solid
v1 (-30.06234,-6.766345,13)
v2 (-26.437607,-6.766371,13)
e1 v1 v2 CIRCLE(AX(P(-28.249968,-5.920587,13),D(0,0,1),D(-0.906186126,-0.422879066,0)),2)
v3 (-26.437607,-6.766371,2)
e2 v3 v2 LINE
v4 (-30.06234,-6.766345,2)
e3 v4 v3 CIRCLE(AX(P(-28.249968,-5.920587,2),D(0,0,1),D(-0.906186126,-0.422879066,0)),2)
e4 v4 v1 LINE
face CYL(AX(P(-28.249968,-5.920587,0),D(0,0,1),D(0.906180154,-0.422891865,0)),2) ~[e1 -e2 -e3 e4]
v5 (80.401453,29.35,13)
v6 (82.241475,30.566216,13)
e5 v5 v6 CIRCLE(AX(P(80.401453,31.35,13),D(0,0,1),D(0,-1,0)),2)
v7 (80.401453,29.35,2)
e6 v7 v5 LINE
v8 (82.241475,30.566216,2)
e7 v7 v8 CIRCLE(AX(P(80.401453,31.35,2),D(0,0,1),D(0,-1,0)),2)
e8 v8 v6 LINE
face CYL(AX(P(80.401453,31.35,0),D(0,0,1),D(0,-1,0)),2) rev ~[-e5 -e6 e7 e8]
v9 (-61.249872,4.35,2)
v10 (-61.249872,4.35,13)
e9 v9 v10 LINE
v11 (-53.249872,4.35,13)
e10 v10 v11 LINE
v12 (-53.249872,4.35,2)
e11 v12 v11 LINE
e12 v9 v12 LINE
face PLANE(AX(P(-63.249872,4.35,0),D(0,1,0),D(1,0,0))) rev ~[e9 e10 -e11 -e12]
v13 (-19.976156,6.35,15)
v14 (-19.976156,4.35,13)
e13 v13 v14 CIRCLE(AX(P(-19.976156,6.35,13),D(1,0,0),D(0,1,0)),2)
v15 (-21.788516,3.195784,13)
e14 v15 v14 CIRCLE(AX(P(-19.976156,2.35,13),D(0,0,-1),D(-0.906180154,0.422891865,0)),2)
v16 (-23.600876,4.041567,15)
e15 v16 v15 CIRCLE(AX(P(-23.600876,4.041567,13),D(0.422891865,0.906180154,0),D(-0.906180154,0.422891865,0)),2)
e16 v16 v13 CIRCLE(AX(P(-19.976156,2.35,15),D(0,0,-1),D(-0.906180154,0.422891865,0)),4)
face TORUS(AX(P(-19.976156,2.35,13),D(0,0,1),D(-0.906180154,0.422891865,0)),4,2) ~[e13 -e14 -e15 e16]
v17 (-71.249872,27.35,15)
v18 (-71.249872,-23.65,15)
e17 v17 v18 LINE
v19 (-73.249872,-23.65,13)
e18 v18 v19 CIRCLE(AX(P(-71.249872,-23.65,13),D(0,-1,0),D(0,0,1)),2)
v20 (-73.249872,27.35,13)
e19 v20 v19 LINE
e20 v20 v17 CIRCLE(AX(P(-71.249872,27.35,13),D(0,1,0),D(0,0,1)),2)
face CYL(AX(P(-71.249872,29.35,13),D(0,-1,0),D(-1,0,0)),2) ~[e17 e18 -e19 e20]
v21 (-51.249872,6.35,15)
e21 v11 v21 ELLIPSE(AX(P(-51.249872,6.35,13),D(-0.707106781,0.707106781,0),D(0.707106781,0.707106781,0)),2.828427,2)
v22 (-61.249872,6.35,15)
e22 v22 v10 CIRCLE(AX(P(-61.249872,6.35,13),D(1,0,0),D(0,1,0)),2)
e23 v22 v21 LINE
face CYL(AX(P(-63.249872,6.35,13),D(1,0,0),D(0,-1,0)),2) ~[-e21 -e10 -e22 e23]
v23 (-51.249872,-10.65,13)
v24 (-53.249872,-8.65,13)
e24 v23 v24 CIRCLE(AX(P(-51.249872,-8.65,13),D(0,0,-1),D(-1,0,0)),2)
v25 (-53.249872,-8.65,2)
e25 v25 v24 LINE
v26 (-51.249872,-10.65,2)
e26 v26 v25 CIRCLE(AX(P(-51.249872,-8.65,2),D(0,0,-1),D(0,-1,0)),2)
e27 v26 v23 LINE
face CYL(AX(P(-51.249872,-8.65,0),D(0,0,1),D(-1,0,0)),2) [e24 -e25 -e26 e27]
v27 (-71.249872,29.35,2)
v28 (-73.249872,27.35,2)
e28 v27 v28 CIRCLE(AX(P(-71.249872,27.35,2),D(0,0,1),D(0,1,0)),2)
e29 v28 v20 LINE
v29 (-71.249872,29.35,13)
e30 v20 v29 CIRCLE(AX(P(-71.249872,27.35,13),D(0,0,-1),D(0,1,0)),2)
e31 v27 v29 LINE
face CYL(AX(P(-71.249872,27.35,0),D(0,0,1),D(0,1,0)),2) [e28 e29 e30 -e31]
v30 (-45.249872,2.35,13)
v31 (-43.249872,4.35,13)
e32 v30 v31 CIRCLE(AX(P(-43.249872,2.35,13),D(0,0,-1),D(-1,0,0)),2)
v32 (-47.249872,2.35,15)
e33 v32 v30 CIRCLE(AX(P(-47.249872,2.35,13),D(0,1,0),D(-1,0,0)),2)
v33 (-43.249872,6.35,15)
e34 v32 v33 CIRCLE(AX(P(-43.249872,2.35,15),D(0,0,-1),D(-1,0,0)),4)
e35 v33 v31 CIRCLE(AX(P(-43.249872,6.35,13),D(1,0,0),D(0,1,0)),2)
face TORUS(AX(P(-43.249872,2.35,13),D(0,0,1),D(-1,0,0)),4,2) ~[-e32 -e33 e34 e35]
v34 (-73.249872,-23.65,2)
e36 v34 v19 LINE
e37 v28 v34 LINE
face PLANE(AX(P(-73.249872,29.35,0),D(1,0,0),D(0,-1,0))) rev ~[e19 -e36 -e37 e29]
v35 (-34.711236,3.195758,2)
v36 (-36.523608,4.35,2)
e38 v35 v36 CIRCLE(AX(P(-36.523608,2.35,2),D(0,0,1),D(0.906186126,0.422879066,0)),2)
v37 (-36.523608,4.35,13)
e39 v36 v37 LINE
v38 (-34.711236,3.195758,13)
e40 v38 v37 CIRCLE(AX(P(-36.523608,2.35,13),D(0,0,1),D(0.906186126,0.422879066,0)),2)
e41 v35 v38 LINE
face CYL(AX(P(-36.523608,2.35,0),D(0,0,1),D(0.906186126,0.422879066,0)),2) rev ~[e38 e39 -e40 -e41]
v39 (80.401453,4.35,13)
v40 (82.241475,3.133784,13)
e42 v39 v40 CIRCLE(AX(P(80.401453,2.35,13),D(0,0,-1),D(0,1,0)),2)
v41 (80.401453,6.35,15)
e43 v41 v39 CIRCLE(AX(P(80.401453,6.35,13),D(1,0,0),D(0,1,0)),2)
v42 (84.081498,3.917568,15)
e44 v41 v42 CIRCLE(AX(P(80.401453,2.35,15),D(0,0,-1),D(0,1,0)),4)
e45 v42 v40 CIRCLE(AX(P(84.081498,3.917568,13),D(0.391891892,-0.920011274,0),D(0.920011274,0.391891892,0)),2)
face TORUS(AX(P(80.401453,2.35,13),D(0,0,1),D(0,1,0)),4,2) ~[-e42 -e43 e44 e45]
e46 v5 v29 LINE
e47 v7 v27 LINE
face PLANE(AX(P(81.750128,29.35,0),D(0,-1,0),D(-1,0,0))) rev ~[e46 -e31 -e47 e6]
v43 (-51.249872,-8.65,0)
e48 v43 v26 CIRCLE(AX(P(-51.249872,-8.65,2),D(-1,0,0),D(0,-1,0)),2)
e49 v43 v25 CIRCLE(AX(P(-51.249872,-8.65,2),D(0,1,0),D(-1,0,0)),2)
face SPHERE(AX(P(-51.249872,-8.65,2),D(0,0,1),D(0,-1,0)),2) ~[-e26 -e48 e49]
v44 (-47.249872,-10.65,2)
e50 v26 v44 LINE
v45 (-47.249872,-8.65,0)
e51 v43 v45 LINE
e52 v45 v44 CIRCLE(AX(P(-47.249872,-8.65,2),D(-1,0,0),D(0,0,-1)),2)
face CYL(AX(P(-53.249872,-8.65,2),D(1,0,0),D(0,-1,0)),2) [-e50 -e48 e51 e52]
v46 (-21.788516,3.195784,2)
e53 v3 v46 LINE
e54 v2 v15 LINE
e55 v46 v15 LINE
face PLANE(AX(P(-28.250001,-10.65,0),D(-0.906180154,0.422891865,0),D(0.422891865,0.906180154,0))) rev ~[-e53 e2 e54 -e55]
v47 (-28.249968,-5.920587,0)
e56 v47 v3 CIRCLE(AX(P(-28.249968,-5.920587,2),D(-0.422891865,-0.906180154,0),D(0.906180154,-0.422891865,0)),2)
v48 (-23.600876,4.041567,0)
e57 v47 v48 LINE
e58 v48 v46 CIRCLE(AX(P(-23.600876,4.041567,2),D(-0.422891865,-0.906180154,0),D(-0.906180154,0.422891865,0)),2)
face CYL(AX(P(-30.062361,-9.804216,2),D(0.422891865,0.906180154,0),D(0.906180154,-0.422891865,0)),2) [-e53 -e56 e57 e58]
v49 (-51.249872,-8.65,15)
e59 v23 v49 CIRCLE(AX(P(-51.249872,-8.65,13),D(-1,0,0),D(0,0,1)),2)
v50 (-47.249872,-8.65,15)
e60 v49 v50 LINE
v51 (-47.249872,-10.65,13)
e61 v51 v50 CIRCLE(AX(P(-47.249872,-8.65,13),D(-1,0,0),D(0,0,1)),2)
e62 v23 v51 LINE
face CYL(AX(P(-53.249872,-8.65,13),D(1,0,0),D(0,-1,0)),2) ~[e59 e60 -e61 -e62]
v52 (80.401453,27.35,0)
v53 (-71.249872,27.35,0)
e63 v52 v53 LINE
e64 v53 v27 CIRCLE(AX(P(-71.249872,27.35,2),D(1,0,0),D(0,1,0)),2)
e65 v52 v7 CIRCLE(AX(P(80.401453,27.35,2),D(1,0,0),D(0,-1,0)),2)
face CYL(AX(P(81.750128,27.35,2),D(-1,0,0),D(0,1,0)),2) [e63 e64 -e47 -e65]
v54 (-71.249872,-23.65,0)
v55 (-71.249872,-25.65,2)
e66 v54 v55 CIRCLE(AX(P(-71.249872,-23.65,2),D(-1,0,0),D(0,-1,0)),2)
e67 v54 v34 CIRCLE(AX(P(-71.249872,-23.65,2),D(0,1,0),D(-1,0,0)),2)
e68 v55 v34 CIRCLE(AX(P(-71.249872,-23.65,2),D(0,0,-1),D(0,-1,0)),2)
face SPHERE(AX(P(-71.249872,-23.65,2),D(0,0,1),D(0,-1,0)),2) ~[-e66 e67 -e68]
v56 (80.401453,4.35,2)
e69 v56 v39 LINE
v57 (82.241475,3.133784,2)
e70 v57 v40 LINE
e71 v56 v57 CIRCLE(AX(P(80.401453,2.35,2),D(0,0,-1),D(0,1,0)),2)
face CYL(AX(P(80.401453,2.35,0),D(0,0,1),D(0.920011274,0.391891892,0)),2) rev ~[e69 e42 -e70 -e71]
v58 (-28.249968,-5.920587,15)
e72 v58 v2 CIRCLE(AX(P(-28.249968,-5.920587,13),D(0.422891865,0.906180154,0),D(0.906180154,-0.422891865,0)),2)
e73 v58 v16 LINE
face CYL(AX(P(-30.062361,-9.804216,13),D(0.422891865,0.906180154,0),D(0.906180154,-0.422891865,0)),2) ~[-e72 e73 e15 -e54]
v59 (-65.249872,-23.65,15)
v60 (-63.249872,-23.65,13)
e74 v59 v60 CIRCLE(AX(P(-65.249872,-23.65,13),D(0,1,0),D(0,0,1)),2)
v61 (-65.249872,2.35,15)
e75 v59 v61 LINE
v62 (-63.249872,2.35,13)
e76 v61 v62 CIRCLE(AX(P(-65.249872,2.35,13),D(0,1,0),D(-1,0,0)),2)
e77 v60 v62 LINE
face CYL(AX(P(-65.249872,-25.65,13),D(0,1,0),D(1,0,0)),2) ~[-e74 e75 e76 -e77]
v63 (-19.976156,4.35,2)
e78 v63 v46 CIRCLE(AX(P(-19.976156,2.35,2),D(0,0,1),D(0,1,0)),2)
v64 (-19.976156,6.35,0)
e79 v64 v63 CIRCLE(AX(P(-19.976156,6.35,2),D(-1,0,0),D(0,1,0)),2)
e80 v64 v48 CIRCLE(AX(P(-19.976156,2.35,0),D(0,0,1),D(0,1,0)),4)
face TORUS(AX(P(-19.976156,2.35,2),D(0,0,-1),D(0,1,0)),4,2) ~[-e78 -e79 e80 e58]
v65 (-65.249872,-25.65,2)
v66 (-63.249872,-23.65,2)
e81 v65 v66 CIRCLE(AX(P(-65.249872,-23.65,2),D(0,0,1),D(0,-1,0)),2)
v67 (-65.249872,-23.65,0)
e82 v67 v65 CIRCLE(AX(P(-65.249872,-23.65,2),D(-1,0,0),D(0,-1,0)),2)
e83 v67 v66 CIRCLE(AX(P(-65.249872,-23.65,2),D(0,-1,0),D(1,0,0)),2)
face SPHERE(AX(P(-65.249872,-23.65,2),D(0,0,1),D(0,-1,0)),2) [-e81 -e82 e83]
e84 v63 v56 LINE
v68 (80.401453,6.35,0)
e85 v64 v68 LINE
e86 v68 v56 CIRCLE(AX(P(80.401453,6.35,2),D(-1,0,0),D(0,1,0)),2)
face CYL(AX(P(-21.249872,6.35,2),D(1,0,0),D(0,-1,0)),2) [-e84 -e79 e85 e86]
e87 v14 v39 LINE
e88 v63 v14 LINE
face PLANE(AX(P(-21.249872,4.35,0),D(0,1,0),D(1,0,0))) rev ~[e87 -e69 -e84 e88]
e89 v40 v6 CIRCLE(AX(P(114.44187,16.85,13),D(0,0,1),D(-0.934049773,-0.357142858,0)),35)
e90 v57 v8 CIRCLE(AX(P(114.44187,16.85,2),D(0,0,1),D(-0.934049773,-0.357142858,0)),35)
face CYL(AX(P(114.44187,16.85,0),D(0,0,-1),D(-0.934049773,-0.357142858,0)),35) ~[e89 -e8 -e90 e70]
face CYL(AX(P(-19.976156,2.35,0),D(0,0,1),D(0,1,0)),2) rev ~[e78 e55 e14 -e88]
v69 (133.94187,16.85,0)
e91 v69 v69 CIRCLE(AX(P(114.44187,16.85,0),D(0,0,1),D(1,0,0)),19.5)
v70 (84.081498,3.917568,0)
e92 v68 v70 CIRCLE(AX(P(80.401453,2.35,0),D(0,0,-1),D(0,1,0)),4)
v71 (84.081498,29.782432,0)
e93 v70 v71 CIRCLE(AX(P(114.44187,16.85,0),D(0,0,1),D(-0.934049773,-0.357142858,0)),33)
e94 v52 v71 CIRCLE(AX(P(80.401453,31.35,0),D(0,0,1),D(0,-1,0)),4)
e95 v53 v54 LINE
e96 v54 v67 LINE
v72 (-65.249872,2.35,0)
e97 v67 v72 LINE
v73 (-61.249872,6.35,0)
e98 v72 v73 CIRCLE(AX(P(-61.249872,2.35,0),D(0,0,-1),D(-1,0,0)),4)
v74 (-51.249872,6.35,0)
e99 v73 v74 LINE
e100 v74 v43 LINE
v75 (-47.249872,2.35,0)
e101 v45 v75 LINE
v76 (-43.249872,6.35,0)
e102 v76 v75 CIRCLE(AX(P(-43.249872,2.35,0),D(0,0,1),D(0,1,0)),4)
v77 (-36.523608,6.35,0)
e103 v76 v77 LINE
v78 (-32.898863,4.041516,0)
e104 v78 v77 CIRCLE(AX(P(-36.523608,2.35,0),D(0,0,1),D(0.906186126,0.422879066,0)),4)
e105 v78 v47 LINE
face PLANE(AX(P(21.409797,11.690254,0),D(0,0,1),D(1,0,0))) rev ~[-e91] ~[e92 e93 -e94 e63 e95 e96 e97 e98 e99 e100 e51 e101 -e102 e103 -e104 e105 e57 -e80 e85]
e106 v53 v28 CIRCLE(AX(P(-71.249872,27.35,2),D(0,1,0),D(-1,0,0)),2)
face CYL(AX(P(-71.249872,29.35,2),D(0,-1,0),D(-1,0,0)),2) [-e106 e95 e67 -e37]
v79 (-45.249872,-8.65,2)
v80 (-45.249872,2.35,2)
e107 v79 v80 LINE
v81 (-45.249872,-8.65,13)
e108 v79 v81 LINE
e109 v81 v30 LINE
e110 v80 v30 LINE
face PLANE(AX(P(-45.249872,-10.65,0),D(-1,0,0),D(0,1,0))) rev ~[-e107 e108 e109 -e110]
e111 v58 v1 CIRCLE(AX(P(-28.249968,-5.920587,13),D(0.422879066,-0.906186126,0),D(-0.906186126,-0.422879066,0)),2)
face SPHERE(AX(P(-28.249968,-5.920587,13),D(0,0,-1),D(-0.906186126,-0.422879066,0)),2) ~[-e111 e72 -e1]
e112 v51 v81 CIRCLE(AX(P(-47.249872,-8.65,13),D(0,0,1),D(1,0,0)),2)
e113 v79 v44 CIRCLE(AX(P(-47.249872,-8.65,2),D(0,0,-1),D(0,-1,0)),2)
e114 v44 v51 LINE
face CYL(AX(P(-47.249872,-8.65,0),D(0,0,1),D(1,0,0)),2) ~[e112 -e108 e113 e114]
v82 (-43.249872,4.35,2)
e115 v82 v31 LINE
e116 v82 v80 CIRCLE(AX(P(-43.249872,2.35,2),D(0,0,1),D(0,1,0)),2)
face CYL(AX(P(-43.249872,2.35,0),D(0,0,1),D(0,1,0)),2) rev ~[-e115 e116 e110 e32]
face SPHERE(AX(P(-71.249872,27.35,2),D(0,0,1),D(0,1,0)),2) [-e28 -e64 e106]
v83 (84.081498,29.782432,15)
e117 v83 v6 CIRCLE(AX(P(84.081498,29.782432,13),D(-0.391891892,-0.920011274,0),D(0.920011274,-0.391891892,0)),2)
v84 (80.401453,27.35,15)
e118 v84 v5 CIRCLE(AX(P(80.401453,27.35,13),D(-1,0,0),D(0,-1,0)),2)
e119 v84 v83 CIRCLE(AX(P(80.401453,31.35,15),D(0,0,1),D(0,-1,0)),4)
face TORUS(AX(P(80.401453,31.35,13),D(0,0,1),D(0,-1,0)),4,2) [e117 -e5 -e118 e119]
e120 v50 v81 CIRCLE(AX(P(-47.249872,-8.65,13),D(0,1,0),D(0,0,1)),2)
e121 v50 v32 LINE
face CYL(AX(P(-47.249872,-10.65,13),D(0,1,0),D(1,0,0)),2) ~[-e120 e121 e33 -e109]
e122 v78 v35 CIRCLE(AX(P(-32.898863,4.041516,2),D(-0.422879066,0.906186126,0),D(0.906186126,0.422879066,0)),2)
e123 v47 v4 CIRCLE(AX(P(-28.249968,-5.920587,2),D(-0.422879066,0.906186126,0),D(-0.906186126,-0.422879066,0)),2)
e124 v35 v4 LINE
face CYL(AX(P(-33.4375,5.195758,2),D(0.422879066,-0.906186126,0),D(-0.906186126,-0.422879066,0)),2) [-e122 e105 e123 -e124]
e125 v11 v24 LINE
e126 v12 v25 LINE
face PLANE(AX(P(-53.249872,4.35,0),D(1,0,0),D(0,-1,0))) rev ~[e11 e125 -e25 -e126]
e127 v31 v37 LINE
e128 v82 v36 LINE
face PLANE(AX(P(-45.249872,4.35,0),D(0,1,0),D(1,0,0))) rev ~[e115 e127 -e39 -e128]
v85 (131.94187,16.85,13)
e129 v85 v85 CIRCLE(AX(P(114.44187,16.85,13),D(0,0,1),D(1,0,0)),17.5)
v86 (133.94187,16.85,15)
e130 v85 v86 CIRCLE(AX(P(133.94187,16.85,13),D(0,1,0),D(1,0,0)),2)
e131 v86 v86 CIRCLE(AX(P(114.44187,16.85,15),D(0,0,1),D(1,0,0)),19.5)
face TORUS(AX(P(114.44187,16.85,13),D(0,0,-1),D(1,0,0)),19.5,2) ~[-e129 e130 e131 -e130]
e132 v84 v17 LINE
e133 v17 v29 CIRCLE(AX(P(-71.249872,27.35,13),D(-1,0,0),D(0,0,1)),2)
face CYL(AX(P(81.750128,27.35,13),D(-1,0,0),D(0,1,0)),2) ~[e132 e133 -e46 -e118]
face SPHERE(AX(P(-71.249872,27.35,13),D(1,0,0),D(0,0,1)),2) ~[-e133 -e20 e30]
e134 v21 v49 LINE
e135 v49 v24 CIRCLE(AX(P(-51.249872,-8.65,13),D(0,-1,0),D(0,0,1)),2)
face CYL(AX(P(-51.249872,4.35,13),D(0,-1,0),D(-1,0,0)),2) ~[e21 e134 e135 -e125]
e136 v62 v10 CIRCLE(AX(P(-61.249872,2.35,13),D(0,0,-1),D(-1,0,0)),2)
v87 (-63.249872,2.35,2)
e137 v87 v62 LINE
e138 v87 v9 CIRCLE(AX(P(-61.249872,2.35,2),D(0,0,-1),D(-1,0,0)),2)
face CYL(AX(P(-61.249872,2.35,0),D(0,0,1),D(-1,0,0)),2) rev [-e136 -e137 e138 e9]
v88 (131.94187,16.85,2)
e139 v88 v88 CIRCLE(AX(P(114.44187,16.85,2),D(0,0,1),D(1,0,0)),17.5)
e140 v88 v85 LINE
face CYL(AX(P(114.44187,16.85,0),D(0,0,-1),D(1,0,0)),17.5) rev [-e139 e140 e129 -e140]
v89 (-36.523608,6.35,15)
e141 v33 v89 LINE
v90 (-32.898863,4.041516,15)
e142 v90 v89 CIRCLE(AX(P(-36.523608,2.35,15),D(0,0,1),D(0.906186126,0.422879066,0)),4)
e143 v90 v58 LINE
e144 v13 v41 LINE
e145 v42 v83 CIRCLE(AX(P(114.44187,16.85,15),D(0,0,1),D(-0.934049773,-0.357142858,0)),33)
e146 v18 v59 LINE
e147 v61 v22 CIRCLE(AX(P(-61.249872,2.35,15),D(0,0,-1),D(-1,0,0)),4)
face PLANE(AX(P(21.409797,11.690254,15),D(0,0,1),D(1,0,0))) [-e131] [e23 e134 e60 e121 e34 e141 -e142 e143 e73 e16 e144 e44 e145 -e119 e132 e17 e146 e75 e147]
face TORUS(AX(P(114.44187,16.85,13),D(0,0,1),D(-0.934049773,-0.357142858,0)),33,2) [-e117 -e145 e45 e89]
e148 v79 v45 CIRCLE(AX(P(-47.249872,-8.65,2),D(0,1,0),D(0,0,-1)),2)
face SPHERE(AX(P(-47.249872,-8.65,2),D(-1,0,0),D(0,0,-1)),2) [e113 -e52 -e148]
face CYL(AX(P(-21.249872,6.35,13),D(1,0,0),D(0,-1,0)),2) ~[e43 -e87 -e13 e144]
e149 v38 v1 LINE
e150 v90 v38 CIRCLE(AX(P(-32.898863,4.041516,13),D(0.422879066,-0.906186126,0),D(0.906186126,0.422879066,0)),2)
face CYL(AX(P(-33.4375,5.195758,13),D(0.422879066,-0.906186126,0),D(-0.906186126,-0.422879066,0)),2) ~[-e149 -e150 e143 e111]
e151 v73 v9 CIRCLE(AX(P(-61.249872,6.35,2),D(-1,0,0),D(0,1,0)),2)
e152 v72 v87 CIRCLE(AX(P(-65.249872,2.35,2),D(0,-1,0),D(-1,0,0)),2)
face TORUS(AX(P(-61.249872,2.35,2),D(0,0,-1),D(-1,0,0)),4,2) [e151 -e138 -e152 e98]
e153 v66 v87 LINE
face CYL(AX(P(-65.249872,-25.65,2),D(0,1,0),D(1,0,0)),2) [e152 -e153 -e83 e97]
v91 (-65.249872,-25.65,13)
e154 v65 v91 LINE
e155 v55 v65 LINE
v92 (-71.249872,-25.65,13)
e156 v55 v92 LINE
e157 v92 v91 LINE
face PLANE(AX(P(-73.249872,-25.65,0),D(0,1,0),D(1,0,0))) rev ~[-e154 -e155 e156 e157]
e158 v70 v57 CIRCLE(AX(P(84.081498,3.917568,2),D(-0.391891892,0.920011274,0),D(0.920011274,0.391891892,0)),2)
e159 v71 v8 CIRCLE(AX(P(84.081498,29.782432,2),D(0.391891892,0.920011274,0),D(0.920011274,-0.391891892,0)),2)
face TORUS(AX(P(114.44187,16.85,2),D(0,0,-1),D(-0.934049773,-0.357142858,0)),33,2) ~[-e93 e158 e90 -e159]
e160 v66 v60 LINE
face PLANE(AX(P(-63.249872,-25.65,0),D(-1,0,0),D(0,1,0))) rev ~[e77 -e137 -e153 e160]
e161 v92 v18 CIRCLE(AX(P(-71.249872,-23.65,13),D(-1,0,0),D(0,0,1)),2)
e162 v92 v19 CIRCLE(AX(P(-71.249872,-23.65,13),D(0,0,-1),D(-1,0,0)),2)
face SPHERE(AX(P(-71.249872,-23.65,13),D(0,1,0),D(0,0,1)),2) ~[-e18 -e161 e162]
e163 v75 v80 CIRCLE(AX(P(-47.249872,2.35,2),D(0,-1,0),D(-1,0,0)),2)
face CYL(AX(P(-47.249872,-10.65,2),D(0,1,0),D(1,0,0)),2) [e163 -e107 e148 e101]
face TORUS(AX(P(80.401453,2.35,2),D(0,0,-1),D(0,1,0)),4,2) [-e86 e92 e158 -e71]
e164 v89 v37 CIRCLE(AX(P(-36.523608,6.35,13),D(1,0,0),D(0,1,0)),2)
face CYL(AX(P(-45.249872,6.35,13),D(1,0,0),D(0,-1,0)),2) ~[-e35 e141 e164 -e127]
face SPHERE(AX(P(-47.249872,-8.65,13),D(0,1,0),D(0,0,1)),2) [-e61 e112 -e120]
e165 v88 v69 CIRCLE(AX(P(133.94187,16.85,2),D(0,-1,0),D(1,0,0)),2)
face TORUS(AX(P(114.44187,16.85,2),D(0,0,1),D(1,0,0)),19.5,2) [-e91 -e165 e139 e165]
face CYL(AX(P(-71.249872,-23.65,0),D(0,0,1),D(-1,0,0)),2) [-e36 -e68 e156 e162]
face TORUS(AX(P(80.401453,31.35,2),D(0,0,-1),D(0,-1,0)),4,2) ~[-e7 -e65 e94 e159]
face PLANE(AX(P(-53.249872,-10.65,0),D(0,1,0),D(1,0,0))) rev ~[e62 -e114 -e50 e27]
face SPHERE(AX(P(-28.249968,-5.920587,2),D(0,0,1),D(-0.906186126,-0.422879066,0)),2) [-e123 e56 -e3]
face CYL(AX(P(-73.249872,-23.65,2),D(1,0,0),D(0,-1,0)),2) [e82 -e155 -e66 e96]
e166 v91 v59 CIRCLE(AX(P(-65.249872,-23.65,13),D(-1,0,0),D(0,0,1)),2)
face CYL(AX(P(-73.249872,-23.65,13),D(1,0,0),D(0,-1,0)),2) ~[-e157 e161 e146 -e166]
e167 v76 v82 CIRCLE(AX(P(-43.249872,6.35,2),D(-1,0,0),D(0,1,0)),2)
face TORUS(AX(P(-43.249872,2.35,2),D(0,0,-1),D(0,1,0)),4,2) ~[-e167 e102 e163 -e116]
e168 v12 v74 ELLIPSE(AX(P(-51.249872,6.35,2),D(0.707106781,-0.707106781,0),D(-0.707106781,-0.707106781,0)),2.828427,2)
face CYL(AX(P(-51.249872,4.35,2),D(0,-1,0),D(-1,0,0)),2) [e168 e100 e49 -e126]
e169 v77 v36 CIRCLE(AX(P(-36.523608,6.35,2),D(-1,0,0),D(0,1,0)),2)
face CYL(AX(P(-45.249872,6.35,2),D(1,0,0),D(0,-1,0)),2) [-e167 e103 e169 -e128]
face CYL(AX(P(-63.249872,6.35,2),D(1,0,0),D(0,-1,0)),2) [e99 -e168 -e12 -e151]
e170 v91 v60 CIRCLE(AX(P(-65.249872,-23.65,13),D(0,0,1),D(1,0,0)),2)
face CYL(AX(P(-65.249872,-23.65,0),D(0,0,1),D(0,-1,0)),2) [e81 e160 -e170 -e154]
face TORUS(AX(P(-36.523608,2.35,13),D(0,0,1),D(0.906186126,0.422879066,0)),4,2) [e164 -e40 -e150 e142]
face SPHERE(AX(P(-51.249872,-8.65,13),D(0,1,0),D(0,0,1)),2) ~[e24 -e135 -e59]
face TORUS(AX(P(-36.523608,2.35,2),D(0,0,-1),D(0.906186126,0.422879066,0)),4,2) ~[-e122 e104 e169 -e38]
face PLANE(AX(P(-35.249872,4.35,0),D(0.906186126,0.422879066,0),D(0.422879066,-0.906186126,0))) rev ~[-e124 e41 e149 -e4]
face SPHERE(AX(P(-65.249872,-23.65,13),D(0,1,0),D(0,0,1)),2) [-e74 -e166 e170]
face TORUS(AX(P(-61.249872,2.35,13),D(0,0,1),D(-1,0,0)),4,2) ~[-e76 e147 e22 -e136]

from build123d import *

# Parameters (mm, degrees)
F0_R     = 17.5
F1_DEPTH = 15
F2_R     = 2


with BuildPart() as f1:
    # F0 (on Top) → F1 (new body)
    with BuildSketch(Plane.XY):
        with BuildLine():
            Line((81.750128, 29.35), (-73.249872, 29.35))
            Line((-73.249872, 29.35), (-73.249872, 4.35))
            Line((-73.249872, 4.35), (-73.249872, -25.65))
            Line((-73.249872, -25.65), (-63.249872, -25.65))
            Line((-63.249872, -25.65), (-63.249872, 4.35))
            Line((-63.249872, 4.35), (-53.249872, 4.35))
            Line((-53.249872, 4.35), (-53.249872, -10.65))
            Line((-53.249872, -10.65), (-45.249872, -10.65))
            Line((-45.249872, -10.65), (-45.249872, 4.35))
            Line((-45.249872, 4.35), (-35.249872, 4.35))
            Line((-35.249872, 4.35), (-28.250001, -10.65))
            Line((-28.250001, -10.65), (-21.249872, 4.35))
            Line((-21.249872, 4.35), (81.750128, 4.35))
            ThreePointArc((81.750128, 4.35), (149.44187, 16.85), (81.750128, 29.35))
        make_face()
        with Locations((114.44187, 16.85)):
            Circle(F0_R, mode=Mode.SUBTRACT)
    extrude(amount=F1_DEPTH)

    # F2
    f2_edges = [f1.edges().sort_by_distance(p)[0] for p in [
        (4.250128, 29.35, 15),
        (-73.249872, 1.85, 15),
        (-63.249872, -10.65, 15),
        (-68.249872, -25.65, 15),
        (-58.249872, 4.35, 15),
        (-53.249872, -3.15, 15),
        (-45.249872, -3.15, 15),
        (-49.249872, -10.65, 15),
        (-40.249872, 4.35, 15),
        (30.250128, 4.35, 15),
        (149.44187, 16.85, 15),
        (96.94187, 16.85, 15),
        (81.750128, 29.35, 7.5),
        (-73.249872, 29.35, 7.5),
        (4.250128, 29.35, 0),
        (149.44187, 16.85, 0),
        (-35.249872, 4.35, 7.5),
        (-28.250001, -10.65, 7.5),
        (-31.749937, -3.15, 0),
        (-31.749937, -3.15, 15),
        (-21.249872, 4.35, 7.5),
        (-63.249872, -25.65, 7.5),
        (-53.249872, -10.65, 7.5),
        (-73.249872, -25.65, 7.5),
        (81.750128, 4.35, 7.5),
        (30.250128, 4.35, 0),
        (96.94187, 16.85, 0),
        (-68.249872, -25.65, 0),
        (-49.249872, -10.65, 0),
        (-24.749937, -3.15, 0),
        (-73.249872, 1.85, 0),
        (131.94187, 16.85, 7.5),
        (-24.749937, -3.15, 15),
        (-63.249872, -10.65, 0),
        (-40.249872, 4.35, 0),
        (-53.249872, -3.15, 0),
        (-45.249872, -3.15, 0),
        (-58.249872, 4.35, 0),
        (-45.249872, -10.65, 7.5),
        (-45.249872, 4.35, 7.5),
        (-63.249872, 4.35, 7.5),
    ]]
    fillet(f2_edges, radius=F2_R)


solid = f1.part
